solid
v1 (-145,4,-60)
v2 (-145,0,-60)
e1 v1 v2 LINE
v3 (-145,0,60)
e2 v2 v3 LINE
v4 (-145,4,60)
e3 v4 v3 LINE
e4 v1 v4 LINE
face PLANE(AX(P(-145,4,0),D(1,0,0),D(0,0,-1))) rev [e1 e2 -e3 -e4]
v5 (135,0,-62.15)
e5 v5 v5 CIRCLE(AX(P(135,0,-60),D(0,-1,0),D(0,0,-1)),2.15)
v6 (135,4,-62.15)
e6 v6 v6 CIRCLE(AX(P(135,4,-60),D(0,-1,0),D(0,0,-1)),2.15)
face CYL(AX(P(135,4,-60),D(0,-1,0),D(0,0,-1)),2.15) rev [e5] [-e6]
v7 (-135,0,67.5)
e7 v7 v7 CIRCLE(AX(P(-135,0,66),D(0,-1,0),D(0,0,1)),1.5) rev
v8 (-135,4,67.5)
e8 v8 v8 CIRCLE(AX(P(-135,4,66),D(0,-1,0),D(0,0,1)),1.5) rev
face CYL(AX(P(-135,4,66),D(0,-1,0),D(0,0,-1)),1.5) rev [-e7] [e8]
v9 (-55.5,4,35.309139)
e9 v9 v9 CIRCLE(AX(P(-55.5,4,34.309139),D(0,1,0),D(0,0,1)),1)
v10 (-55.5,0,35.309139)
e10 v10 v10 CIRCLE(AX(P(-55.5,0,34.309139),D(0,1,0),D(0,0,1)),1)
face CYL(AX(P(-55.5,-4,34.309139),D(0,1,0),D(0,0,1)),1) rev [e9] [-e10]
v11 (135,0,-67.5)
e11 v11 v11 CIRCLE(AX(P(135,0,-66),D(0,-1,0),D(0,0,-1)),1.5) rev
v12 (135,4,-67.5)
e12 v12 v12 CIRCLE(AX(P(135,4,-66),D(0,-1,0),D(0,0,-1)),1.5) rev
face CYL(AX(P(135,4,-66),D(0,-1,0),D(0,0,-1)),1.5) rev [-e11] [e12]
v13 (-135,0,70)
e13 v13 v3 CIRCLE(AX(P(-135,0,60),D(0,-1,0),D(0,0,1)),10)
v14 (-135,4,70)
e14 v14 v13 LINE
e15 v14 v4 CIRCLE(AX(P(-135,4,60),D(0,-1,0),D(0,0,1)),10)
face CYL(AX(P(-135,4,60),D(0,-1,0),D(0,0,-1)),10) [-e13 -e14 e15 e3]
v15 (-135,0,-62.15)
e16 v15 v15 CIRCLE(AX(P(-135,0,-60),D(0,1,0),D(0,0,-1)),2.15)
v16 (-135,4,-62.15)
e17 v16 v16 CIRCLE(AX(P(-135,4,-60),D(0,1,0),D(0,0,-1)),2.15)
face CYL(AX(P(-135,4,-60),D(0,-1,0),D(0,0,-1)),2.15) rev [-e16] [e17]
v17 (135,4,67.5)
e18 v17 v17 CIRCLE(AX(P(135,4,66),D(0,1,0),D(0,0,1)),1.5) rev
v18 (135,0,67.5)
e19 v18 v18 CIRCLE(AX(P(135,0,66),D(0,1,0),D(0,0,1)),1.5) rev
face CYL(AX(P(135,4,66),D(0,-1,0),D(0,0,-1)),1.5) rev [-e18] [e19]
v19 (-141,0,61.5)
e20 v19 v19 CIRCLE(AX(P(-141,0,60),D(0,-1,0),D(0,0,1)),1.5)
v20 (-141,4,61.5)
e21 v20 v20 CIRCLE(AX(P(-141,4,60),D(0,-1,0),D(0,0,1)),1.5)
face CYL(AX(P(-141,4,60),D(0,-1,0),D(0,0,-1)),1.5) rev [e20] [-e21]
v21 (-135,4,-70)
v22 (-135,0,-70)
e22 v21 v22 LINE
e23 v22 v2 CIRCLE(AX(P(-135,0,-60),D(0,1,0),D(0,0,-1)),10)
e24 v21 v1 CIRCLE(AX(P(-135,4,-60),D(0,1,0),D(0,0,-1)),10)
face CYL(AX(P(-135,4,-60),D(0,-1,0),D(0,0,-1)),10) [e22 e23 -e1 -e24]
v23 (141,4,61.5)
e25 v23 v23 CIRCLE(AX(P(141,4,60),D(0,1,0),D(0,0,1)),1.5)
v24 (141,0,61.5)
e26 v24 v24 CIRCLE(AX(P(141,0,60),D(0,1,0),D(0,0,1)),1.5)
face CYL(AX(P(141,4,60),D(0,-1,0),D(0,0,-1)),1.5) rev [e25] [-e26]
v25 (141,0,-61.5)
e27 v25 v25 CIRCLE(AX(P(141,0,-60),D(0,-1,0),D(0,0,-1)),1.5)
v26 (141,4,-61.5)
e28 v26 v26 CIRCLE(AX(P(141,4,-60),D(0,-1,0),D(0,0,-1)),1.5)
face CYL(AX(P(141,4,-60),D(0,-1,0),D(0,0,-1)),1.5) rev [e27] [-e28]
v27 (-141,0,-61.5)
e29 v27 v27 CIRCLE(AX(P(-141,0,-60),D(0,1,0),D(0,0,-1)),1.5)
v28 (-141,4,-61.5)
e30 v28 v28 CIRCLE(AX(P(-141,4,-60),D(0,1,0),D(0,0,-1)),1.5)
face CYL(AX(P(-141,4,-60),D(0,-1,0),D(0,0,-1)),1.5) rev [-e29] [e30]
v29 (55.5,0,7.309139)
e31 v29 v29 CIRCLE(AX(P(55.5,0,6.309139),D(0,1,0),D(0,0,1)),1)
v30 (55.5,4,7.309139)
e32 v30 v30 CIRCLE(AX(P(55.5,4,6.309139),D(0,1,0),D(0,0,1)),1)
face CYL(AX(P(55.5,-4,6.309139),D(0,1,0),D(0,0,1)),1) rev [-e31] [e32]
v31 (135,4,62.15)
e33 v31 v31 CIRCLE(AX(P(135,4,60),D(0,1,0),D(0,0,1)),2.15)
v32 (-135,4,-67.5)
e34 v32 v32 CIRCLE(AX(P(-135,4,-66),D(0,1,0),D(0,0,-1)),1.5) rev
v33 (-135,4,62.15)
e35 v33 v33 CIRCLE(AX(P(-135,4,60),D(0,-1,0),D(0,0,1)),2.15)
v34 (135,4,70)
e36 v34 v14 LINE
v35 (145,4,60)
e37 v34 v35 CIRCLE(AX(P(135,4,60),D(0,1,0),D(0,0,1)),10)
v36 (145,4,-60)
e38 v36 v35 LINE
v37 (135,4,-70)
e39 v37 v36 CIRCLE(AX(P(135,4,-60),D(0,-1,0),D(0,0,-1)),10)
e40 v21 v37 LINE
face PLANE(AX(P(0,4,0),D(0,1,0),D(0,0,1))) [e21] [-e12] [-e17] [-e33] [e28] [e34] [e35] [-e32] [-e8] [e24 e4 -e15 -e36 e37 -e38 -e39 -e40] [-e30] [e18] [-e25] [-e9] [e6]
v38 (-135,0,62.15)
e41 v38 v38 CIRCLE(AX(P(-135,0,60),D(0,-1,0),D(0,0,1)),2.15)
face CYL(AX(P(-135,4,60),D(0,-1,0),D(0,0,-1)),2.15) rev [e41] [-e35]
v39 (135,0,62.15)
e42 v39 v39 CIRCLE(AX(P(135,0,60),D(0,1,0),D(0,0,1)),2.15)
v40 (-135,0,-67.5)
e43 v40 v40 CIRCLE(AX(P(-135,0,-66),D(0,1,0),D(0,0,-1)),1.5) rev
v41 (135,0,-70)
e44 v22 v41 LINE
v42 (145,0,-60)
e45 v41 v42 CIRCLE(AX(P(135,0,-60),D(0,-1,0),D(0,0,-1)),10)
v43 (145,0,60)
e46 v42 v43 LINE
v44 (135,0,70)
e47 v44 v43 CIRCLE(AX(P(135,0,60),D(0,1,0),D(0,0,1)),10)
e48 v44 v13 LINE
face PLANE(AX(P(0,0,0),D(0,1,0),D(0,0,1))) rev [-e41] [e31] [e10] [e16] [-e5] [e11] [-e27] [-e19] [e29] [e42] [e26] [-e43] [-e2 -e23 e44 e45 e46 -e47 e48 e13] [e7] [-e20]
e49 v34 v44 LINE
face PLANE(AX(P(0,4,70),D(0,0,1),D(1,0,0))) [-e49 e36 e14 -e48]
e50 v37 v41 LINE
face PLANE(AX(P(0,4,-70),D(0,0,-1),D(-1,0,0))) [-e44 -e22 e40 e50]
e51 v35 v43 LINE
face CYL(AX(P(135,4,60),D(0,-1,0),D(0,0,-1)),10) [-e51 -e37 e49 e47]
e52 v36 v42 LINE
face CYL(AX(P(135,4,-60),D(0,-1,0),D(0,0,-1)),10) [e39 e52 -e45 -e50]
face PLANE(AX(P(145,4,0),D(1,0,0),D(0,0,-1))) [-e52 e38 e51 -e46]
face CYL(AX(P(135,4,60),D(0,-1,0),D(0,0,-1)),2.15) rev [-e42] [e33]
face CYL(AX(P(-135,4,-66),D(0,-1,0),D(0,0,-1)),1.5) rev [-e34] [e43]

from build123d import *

# Parameters (mm, degrees)
SKETCH1_R                 = 2.15
SKETCH1_R_2               = 1.5
BOSS_EXTRUDE1_DEPTH       = 4
MIRROR2_COPY_1_SKETCH_R   = 2.15
MIRROR2_COPY_1_SKETCH_R_2 = 1.5
MIRROR2_COPY_1_DEPTH      = 4
SKETCH2_R                 = 1
CUT_EXTRUDE1_DEPTH        = 10


with BuildPart() as part:
    # Sketch1 → Boss-Extrude1 (new body)
    with BuildSketch(Plane(origin=(0, 0, 0), x_dir=(1, 0, 0), z_dir=(0, 1, 0))):
        with BuildLine():
            Line((145, 0), (145, -60))
            ThreePointArc((145, -60), (142.071067812, -67.071067812), (135, -70))
            Line((135, -70), (0, -70))
            Line((0, -70), (0, 0))
            Line((0, 0), (145, 0))
        make_face()
        with Locations(Location((135, -60, 0), (0, 0, 270))):
            Circle(SKETCH1_R, mode=Mode.SUBTRACT)
        with Locations(Location((141, -60, 0), (0, 0, 270))):
            Circle(SKETCH1_R_2, mode=Mode.SUBTRACT)
        with Locations(Location((135, -66, 0), (0, 0, 270))):
            Circle(SKETCH1_R_2, mode=Mode.SUBTRACT)
    boss_extrude1 = extrude(amount=BOSS_EXTRUDE1_DEPTH)

    # Mirror1: Boss-Extrude1 across plane
    add(boss_extrude1.mirror(Plane(origin=(0, 0, 0), x_dir=(0, 0, 1), z_dir=(1, 0, 0))))

    # Mirror2: Boss-Extrude1 across plane
    add(boss_extrude1.mirror(Plane.XY))

    # Mirror2 copy 1 sketch → Mirror2 copy 1 (add)
    with BuildSketch(Plane(origin=(0, 0, 0), x_dir=(-1, 0, 0), z_dir=(0, 1, 0))):
        with BuildLine():
            Line((145, 0), (145, -60))
            ThreePointArc((145, -60), (142.071067812, -67.071067812), (135, -70))
            Line((135, -70), (0, -70))
            Line((0, -70), (0, 0))
            Line((0, 0), (145, 0))
        make_face()
        with Locations(Location((135, -60, 0), (0, 0, 270))):
            Circle(MIRROR2_COPY_1_SKETCH_R, mode=Mode.SUBTRACT)
        with Locations(Location((141, -60, 0), (0, 0, 270))):
            Circle(MIRROR2_COPY_1_SKETCH_R_2, mode=Mode.SUBTRACT)
        with Locations(Location((135, -66, 0), (0, 0, 270))):
            Circle(MIRROR2_COPY_1_SKETCH_R_2, mode=Mode.SUBTRACT)
    extrude(amount=MIRROR2_COPY_1_DEPTH)

    # Sketch2 → Cut-Extrude1 (cut)
    with BuildSketch(Plane(origin=(0, 6, 0), x_dir=(1, 0, 0), z_dir=(0, 1, 0))):
        with Locations(Location((55.5, -6.309138883, 0), (0, 0, 270))):
            Circle(SKETCH2_R)
        with Locations(Location((-55.5, -34.309138883, 0), (0, 0, 270))):
            Circle(SKETCH2_R)
    extrude(amount=-CUT_EXTRUDE1_DEPTH, mode=Mode.SUBTRACT)


solid = part.part
